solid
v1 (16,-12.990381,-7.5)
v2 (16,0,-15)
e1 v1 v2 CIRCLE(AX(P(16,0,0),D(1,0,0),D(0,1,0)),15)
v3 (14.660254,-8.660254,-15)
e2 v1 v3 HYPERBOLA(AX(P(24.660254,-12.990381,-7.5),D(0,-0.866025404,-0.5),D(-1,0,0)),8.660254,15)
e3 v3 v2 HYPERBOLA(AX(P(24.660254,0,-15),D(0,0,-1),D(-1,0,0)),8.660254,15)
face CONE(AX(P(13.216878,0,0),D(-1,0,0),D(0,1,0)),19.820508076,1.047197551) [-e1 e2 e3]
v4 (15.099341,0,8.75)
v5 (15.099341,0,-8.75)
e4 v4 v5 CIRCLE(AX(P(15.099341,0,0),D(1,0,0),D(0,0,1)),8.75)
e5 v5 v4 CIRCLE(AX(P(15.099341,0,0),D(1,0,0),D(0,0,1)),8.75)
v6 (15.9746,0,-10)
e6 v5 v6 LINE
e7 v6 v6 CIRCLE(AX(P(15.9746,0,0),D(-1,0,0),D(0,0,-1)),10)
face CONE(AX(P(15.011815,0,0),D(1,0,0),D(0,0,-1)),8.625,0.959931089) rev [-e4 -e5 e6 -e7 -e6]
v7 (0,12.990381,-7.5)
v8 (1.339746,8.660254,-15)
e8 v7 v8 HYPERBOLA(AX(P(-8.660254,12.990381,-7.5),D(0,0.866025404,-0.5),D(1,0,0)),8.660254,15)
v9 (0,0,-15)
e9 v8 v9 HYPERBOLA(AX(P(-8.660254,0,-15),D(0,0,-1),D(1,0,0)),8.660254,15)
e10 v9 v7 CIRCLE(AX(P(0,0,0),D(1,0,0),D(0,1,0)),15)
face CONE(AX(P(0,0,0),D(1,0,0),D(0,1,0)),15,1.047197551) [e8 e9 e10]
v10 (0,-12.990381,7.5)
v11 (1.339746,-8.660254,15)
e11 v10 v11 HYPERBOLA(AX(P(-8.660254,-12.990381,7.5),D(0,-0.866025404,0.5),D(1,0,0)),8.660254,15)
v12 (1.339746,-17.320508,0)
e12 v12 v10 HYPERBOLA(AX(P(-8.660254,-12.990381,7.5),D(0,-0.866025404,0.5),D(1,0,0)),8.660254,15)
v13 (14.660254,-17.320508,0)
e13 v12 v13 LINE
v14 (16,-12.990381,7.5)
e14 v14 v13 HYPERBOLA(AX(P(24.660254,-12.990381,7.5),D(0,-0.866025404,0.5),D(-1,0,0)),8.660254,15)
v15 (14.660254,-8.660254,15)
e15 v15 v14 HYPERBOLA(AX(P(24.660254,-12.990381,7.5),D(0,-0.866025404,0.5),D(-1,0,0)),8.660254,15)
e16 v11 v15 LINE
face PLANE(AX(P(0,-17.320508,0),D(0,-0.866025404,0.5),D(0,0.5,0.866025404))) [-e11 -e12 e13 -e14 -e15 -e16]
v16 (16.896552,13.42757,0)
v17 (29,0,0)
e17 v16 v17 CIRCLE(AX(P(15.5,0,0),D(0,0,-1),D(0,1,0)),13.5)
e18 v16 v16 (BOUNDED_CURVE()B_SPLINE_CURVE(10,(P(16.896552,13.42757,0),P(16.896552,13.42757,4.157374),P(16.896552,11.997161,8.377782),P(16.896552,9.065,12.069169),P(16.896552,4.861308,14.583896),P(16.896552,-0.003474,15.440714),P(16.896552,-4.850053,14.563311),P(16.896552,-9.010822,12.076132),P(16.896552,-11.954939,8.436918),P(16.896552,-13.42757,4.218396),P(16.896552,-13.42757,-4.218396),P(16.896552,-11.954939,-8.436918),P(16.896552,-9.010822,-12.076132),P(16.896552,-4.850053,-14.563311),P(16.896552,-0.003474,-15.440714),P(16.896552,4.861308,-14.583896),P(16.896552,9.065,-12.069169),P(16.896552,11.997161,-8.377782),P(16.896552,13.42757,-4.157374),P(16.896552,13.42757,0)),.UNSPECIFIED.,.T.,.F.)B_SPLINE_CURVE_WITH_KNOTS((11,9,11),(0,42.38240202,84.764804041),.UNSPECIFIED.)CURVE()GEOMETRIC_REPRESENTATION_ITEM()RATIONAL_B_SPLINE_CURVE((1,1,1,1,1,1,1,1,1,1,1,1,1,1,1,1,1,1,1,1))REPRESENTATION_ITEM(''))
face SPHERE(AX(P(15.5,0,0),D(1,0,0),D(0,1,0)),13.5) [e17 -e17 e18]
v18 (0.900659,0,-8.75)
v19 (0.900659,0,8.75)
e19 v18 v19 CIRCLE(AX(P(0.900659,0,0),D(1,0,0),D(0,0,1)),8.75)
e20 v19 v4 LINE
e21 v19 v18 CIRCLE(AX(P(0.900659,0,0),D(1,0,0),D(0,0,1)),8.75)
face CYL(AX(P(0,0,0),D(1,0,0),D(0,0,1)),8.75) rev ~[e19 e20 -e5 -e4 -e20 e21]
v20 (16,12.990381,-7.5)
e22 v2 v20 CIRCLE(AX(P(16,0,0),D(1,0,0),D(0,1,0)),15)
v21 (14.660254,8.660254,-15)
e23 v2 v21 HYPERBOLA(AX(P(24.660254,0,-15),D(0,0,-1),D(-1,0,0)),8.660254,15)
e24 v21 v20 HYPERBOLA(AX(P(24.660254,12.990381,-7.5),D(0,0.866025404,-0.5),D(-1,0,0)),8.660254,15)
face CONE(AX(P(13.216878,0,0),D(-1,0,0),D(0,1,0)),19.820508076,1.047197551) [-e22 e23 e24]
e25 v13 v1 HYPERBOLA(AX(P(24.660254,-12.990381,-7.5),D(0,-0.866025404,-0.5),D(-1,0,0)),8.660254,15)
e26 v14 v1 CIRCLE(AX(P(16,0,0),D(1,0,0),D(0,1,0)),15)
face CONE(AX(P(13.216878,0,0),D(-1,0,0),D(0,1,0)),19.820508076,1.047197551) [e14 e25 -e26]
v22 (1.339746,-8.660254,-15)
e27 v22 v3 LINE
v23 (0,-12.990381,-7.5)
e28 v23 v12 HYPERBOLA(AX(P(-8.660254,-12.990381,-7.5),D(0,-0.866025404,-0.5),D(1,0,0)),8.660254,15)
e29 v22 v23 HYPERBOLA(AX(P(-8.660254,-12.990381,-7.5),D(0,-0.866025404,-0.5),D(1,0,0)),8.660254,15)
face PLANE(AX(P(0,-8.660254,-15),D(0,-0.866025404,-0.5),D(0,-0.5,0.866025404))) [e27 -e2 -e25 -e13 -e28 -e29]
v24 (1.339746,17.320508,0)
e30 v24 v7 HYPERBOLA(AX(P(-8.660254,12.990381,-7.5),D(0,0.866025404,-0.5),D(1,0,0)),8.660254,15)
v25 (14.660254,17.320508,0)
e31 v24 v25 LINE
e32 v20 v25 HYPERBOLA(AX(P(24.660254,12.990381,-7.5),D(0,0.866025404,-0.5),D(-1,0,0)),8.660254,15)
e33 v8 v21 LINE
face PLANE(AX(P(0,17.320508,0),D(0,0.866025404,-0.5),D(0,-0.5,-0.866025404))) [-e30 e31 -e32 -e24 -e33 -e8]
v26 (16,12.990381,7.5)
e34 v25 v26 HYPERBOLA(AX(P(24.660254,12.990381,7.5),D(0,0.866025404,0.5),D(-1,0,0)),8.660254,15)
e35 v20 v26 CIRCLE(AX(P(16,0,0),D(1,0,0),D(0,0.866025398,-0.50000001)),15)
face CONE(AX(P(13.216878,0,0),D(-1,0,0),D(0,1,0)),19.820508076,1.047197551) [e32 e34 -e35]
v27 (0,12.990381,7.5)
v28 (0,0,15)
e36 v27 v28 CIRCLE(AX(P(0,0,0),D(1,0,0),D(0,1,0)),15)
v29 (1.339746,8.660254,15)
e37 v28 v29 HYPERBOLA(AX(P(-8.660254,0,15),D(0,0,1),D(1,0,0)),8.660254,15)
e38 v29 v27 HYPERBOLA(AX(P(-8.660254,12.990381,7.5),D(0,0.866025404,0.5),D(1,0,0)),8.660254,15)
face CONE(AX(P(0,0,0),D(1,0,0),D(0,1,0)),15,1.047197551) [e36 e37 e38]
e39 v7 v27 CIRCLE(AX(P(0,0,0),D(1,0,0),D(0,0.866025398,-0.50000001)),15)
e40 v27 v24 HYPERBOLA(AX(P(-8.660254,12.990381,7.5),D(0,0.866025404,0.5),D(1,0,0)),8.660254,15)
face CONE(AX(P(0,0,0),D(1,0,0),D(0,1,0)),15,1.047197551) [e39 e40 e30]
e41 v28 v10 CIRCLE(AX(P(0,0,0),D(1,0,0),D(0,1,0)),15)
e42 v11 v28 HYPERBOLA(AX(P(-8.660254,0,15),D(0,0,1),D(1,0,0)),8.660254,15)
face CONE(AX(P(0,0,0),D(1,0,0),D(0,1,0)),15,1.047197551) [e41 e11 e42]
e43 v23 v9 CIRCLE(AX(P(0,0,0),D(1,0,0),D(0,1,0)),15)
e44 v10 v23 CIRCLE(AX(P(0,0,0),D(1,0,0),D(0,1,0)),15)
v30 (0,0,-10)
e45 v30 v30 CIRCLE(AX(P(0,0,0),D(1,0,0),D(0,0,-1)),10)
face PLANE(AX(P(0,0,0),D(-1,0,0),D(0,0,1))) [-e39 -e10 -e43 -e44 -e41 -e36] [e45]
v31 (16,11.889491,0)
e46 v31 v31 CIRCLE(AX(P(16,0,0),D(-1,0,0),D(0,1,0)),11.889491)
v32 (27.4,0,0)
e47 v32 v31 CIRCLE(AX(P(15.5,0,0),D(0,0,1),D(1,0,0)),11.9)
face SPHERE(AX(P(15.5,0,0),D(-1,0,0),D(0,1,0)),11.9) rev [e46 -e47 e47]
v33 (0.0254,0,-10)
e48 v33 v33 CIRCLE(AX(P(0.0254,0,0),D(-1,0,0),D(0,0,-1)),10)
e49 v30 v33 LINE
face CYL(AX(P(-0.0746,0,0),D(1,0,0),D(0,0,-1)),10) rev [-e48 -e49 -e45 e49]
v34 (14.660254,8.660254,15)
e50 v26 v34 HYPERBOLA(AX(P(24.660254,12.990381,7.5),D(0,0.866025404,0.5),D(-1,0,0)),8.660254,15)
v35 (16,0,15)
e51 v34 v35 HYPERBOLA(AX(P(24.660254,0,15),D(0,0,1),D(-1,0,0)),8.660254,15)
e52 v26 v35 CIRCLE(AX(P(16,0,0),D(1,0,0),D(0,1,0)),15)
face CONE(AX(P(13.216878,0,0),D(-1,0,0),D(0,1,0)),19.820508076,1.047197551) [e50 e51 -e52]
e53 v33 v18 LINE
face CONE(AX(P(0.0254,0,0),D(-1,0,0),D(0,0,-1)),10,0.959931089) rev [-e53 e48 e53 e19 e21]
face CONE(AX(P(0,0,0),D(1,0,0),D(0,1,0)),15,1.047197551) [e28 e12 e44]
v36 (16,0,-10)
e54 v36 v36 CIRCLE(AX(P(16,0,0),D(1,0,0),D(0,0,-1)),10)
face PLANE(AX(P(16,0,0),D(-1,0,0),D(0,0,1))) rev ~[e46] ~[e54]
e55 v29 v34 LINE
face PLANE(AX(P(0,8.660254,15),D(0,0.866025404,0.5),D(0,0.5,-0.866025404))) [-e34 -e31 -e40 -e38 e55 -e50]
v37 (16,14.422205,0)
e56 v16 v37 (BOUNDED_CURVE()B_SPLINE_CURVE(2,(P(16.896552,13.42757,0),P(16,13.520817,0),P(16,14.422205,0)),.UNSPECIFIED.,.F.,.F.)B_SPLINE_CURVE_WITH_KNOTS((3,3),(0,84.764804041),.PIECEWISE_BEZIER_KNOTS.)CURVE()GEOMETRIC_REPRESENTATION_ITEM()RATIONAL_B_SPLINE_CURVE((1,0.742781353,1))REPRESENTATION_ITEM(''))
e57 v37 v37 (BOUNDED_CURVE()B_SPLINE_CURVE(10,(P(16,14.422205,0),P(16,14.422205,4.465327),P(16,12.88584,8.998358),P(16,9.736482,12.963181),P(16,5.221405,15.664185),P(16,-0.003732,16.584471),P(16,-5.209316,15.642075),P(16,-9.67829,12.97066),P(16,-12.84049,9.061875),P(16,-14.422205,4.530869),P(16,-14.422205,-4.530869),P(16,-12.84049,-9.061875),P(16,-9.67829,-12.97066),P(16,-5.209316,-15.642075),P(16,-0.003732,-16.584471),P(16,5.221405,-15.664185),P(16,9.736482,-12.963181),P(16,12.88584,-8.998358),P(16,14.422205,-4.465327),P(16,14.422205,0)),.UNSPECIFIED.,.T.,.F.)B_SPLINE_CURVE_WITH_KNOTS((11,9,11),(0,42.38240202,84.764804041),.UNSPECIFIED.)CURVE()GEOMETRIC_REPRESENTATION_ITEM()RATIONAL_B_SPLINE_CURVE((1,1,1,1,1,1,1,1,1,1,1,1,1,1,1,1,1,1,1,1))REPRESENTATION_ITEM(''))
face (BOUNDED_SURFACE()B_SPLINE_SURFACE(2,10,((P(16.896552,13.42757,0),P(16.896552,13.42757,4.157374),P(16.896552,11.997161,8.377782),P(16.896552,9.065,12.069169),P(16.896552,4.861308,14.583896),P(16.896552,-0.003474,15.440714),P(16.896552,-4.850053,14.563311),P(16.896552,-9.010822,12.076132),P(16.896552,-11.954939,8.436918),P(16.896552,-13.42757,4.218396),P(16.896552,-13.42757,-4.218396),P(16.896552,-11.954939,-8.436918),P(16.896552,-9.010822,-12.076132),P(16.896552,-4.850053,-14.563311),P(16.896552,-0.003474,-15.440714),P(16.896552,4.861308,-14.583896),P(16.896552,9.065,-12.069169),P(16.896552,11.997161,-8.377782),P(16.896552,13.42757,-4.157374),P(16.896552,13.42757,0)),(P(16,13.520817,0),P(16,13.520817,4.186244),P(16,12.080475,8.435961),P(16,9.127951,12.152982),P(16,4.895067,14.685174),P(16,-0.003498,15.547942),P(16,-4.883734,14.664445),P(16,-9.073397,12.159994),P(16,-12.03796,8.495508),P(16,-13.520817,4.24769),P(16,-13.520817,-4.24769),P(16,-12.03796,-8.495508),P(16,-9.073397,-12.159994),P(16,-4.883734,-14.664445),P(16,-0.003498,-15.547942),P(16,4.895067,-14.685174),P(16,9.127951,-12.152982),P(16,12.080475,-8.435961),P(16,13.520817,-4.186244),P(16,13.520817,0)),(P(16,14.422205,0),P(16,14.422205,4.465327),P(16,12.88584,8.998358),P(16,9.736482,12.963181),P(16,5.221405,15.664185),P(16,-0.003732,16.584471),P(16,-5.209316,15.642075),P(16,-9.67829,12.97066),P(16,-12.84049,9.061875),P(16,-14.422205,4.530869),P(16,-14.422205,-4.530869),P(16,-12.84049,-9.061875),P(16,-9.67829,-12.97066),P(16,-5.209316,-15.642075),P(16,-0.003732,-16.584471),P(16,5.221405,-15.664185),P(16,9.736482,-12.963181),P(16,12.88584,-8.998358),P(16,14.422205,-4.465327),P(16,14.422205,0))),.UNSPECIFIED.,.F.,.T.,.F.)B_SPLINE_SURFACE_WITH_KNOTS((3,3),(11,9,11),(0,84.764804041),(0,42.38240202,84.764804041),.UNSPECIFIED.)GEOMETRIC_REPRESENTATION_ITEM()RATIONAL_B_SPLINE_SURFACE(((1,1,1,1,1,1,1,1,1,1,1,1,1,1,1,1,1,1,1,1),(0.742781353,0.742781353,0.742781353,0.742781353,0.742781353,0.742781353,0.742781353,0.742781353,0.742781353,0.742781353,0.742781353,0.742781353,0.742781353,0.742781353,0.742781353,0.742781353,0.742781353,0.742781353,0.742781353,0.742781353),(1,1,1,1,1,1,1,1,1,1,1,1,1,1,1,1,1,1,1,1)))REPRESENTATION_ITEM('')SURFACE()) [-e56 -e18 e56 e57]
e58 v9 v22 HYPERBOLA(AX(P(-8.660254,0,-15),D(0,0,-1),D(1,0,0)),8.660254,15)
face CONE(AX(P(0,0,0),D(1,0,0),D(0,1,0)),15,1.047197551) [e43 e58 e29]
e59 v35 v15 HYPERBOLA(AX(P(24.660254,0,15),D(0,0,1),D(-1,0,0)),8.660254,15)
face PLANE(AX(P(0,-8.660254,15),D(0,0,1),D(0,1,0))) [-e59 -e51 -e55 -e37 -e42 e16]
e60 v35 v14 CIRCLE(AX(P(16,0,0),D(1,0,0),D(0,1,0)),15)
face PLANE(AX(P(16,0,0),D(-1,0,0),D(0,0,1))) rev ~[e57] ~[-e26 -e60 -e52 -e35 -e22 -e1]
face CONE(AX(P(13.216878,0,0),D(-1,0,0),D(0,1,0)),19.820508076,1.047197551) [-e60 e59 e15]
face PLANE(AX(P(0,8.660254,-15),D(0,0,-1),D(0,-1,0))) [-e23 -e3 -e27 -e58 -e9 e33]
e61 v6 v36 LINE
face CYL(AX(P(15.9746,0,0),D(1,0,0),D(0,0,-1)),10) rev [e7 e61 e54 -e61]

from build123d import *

# Parameters (mm, degrees)
BASENUT_DEPTH = 16
DOMEFILLET_R  = 1


with BuildPart() as part:
    # BaseNutSke → BaseNut (new body)
    with BuildSketch(Plane(origin=(0, 0, 0), x_dir=(0, 0, -1), z_dir=(1, 0, 0))):
        Polygon((15, 8.660254038), (15, -8.660254038), (0, -17.320508076), (-15, -8.660254038), (-15, 8.660254038), (0, 17.320508076), align=None)
    extrude(amount=BASENUT_DEPTH)

    # DomeSke → Dome (revolve)
    with BuildSketch(Plane.XY):
        with BuildLine():
            Line((29, 0), (27.4, 0))
            ThreePointArc((27.4, 0), (23.914570696, 8.414570696), (15.5, 11.9))
            Line((15.5, 11.9), (0, 11.9))
            Line((0, 11.9), (0, 13.5))
            Line((0, 13.5), (15.5, 13.5))
            ThreePointArc((15.5, 13.5), (25.045941546, 9.545941546), (29, 0))
        make_face()
    revolve(axis=Axis((0, 0, 0), (1, 0, 0)))

    # Sketch4 → DoubleChamfer (revolve, cut)
    with BuildSketch(Plane.XY):
        Polygon((0, 15), (2.783121635, 19.820508076), (13.216878365, 19.820508076), (16, 15), (18, 15), (18, 30), (-2, 30), (-2, 15), align=None)
    revolve(axis=Axis((0, 0, 0), (1, 0, 0)), mode=Mode.SUBTRACT)

    # TapDriSke → TapDrill (revolve, cut)
    with BuildSketch(Plane.XY, mode=Mode.PRIVATE) as tapdrill_sk:
        Polygon((0, 8.75), (21.4, 8.75), (26.657530416, 0), (0, 0), align=None)
    revolve(tapdrill_sk.sketch.rotate(Axis((0, 0, 0), (1, 0, 0)), 90), axis=Axis((0, 0, 0), (1, 0, 0)), mode=Mode.SUBTRACT)

    # EndChamferSketch → EndChamfer (revolve, cut)
    with BuildSketch(Plane.XY, mode=Mode.PRIVATE) as endchamfer_sk:
        Polygon((-0.0746, 10), (0.0254, 10), (0.988185365, 8.625), (-0.0746, 8.625), align=None)
        Polygon((15.9746, 10), (16.1, 10), (16.1, 8.625), (15.011814635, 8.625), align=None)
    revolve(endchamfer_sk.sketch.rotate(Axis((0, 0, 0), (-1, 0, 0)), 90), axis=Axis((0, 0, 0), (-1, 0, 0)), mode=Mode.SUBTRACT)

    # DomeFillet
    domefillet_edges = [part.edges().sort_by_distance(p)[0] for p in [
        (16, -13.490737563, 0),
    ]]
    fillet(domefillet_edges, radius=DOMEFILLET_R)


solid = part.part
